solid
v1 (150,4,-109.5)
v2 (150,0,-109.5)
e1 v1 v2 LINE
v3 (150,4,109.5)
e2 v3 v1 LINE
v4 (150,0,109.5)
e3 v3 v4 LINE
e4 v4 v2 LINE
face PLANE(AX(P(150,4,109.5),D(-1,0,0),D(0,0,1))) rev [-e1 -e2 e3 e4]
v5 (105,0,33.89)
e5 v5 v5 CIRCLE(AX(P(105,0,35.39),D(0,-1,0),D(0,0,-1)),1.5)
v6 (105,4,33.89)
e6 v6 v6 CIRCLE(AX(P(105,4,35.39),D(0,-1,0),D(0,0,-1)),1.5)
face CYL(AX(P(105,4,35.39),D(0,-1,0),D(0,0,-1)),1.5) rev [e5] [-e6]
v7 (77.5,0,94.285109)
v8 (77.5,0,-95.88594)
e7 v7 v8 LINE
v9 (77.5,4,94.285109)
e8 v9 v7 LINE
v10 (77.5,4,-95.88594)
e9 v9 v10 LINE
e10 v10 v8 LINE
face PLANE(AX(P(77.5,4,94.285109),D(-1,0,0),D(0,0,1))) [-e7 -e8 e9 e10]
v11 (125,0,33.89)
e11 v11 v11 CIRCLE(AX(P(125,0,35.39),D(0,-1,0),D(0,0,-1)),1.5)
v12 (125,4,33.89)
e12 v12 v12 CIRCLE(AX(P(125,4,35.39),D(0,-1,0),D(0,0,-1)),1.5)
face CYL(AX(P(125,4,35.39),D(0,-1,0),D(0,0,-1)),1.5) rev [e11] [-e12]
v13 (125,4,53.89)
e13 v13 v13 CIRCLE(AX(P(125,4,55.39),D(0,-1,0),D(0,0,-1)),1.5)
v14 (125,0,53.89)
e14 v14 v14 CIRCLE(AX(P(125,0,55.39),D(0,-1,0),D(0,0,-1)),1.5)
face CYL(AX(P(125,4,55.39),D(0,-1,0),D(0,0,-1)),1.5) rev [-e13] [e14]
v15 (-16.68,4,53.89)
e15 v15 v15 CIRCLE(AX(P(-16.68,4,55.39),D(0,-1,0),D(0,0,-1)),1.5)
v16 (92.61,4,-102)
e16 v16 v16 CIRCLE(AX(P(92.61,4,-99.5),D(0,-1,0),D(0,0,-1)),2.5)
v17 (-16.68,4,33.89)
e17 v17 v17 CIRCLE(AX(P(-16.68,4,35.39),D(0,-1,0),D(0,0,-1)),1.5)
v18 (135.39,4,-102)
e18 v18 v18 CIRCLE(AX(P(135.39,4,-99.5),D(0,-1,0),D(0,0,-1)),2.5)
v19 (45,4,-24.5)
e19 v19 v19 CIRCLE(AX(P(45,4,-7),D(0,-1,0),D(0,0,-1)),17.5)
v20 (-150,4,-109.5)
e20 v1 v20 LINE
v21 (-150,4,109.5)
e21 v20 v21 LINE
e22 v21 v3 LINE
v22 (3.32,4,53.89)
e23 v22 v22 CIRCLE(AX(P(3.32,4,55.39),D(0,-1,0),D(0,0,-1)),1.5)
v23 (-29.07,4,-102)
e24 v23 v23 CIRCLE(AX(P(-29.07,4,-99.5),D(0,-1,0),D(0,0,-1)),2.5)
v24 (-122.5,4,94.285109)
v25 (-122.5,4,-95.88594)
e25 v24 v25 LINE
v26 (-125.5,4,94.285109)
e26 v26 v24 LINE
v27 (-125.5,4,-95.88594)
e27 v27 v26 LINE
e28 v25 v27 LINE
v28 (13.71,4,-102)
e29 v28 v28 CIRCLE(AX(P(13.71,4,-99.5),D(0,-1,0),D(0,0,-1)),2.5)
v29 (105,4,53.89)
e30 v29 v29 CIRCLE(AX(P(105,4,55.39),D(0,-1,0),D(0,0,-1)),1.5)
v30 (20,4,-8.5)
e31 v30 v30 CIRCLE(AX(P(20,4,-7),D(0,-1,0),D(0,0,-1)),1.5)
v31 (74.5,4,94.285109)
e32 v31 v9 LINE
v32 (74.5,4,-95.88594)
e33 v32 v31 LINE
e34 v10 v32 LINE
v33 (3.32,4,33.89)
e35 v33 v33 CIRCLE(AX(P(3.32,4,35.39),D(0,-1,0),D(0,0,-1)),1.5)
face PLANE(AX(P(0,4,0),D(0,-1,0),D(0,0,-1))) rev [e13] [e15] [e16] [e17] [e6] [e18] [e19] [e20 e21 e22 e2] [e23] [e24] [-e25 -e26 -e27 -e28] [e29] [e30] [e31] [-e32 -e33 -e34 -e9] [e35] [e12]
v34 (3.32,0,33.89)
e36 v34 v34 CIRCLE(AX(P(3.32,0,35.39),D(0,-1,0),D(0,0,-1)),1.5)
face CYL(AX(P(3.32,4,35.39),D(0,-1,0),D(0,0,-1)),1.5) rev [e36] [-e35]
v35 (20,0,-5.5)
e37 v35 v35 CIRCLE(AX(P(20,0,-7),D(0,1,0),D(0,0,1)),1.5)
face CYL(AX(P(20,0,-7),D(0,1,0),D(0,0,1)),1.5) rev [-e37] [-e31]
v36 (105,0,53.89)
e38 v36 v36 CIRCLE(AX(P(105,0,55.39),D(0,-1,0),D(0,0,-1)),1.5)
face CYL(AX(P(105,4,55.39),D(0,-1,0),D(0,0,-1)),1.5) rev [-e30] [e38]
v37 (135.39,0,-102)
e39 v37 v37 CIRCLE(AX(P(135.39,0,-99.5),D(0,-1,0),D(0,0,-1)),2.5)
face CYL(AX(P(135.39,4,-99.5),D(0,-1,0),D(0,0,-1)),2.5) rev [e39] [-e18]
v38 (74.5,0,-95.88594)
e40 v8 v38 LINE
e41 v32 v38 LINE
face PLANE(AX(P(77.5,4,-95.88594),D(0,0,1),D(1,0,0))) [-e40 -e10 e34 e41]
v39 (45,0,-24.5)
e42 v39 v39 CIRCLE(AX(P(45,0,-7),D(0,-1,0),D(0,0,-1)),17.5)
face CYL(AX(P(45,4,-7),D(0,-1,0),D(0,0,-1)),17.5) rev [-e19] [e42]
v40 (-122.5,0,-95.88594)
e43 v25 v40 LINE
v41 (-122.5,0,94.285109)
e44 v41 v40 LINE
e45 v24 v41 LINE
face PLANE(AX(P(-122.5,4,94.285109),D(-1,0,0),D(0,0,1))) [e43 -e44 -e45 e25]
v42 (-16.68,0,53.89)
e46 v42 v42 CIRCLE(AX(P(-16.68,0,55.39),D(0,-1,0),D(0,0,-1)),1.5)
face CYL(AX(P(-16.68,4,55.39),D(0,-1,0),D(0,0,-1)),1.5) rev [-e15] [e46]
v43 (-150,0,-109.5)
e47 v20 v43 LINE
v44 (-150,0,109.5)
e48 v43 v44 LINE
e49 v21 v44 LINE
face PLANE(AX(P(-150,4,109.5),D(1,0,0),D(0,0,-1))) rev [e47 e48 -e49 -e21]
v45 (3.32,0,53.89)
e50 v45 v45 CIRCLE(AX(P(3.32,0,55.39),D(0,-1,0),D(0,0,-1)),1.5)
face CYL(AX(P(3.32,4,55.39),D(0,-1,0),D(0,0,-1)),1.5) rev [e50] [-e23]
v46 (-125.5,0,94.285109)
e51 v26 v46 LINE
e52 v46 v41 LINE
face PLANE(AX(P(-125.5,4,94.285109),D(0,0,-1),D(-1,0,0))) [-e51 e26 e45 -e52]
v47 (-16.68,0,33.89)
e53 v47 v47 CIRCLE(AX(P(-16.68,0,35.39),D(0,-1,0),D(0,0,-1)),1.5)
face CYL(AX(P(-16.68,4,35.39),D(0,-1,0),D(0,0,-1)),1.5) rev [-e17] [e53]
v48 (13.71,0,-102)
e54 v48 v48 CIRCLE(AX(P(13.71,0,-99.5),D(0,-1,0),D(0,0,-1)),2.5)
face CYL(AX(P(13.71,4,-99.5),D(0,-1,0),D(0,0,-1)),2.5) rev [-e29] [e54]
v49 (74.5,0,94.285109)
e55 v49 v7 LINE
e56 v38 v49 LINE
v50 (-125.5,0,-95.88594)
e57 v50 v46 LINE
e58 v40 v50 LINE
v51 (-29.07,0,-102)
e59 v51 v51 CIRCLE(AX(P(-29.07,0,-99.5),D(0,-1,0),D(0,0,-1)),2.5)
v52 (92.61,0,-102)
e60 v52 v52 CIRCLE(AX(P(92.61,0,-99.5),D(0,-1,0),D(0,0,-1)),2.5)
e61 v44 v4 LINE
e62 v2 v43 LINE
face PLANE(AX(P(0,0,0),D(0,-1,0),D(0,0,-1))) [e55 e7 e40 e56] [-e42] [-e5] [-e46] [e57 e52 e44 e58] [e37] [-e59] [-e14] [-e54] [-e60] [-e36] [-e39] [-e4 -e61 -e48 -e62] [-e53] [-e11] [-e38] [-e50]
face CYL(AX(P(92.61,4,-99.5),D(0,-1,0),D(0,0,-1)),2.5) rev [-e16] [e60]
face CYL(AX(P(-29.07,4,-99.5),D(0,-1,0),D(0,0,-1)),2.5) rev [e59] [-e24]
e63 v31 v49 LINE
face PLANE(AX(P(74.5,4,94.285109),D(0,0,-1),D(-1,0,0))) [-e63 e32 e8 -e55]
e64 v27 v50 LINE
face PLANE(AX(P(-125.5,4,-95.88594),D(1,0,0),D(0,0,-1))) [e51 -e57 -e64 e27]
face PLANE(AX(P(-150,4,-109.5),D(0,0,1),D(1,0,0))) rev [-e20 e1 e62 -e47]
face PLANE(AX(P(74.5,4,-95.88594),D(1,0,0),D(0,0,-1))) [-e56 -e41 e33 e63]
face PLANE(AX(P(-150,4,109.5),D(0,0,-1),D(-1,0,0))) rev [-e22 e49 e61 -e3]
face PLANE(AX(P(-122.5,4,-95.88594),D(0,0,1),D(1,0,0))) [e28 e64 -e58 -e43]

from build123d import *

# Parameters (mm, degrees)
SKETCH1_W               = 300
SKETCH1_H               = 219
SKETCH1_W_2             = 3
SKETCH1_H_2             = 190.1710485
BOSS_EXTRUDE1_DEPTH     = 4
SKETCH2_R               = 17.5
CUT_EXTRUDE2_DEPTH      = 186.758579883
CUT_EXTRUDE3_DEPTH      = 186.758579883
CUT_EXTRUDE3_DEPTH_BACK = 186.758579883
SKETCH3_R               = 1.5
CUT_EXTRUDE4_DEPTH      = 186.758579883
CUT_EXTRUDE4_DEPTH_BACK = 186.758579883
SKETCH4_R               = 1.5
CUT_EXTRUDE5_DEPTH      = 186.758579883
CUT_EXTRUDE5_DEPTH_BACK = 186.758579883
SKETCH5_R               = 2.5
CUT_EXTRUDE6_DEPTH      = 186.758579883
CUT_EXTRUDE6_DEPTH_BACK = 186.758579883
SKETCH6_R               = 2.5
CUT_EXTRUDE7_DEPTH      = 186.758579883
CUT_EXTRUDE7_DEPTH_BACK = 186.758579883
SKETCH7_R               = 1.5


with BuildPart() as part:
    # Sketch1 → Boss-Extrude1 (new body)
    with BuildSketch(Plane(origin=(0, 0, 0), x_dir=(1, 0, 0), z_dir=(0, 1, 0))):
        Rectangle(SKETCH1_W, SKETCH1_H)
        with Locations((-124, 0.80041533)):
            Rectangle(SKETCH1_W_2, SKETCH1_H_2, mode=Mode.SUBTRACT)
        with Locations((76, 0.80041533)):
            Rectangle(SKETCH1_W_2, SKETCH1_H_2, mode=Mode.SUBTRACT)
    extrude(amount=BOSS_EXTRUDE1_DEPTH)

    # Sketch2 → Cut-Extrude2 (cut, through all)
    with BuildSketch(Plane(origin=(0, 0, 0), x_dir=(-1, 0, 0), z_dir=(0, -1, 0))):
        with Locations(Location((-45, 7, 0), (0, 0, 90))):
            Circle(SKETCH2_R)
    extrude(amount=-CUT_EXTRUDE2_DEPTH, mode=Mode.SUBTRACT)

    # Sketch3 → Cut-Extrude3 (cut, two sides: drawn at the far end of the back side and taken through both)
    with BuildSketch(Plane(origin=(0, 0, 0), x_dir=(-1, 0, 0), z_dir=(0, -1, 0)).offset(-CUT_EXTRUDE3_DEPTH_BACK)):
        with Locations(Location((-125, -55.39, 0), (0, 0, 90))):
            Circle(SKETCH3_R)
        with Locations(Location((-125, -35.39, 0), (0, 0, 90))):
            Circle(SKETCH3_R)
        with Locations(Location((-105, -35.39, 0), (0, 0, 90))):
            Circle(SKETCH3_R)
        with Locations(Location((-105, -55.39, 0), (0, 0, 90))):
            Circle(SKETCH3_R)
    extrude(amount=CUT_EXTRUDE3_DEPTH + CUT_EXTRUDE3_DEPTH_BACK, mode=Mode.SUBTRACT)

    # Sketch4 → Cut-Extrude4 (cut, two sides: drawn at the far end of the back side and taken through both)
    with BuildSketch(Plane(origin=(0, 0, 0), x_dir=(-1, 0, 0), z_dir=(0, -1, 0)).offset(-CUT_EXTRUDE4_DEPTH_BACK)):
        with Locations(Location((-3.32, -55.39, 0), (0, 0, 90))):
            Circle(SKETCH4_R)
        with Locations(Location((-3.32, -35.39, 0), (0, 0, 90))):
            Circle(SKETCH4_R)
        with Locations(Location((16.68, -35.39, 0), (0, 0, 90))):
            Circle(SKETCH4_R)
        with Locations(Location((16.68, -55.39, 0), (0, 0, 90))):
            Circle(SKETCH4_R)
    extrude(amount=CUT_EXTRUDE4_DEPTH + CUT_EXTRUDE4_DEPTH_BACK, mode=Mode.SUBTRACT)

    # Sketch5 → Cut-Extrude5 (cut, two sides: drawn at the far end of the back side and taken through both)
    with BuildSketch(Plane(origin=(0, 0, 0), x_dir=(-1, 0, 0), z_dir=(0, -1, 0)).offset(-CUT_EXTRUDE5_DEPTH_BACK)):
        with Locations(Location((-135.39, 99.5, 0), (0, 0, 90))):
            Circle(SKETCH5_R)
        with Locations(Location((-92.61, 99.5, 0), (0, 0, 90))):
            Circle(SKETCH5_R)
    extrude(amount=CUT_EXTRUDE5_DEPTH + CUT_EXTRUDE5_DEPTH_BACK, mode=Mode.SUBTRACT)

    # Sketch6 → Cut-Extrude6 (cut, two sides: drawn at the far end of the back side and taken through both)
    with BuildSketch(Plane.XZ.offset(-CUT_EXTRUDE6_DEPTH_BACK)):
        with Locations(Location((13.71, -99.5, 0), (0, 0, 270))):
            Circle(SKETCH6_R)
        with Locations(Location((-29.07, -99.5, 0), (0, 0, 270))):
            Circle(SKETCH6_R)
    extrude(amount=CUT_EXTRUDE6_DEPTH + CUT_EXTRUDE6_DEPTH_BACK, mode=Mode.SUBTRACT)

    # Sketch7 → Cut-Extrude7 (cut, two sides: drawn at the far end of the back side and taken through both)
    with BuildSketch(Plane(origin=(0, 4, 0), x_dir=(1, 0, 0), z_dir=(0, 1, 0)).offset(-CUT_EXTRUDE7_DEPTH_BACK)):
        with Locations(Location((20, 7, 0), (0, 0, 270))):
            Circle(SKETCH7_R)
    extrude(amount=CUT_EXTRUDE7_DEPTH + CUT_EXTRUDE7_DEPTH_BACK, mode=Mode.SUBTRACT)


solid = part.part
